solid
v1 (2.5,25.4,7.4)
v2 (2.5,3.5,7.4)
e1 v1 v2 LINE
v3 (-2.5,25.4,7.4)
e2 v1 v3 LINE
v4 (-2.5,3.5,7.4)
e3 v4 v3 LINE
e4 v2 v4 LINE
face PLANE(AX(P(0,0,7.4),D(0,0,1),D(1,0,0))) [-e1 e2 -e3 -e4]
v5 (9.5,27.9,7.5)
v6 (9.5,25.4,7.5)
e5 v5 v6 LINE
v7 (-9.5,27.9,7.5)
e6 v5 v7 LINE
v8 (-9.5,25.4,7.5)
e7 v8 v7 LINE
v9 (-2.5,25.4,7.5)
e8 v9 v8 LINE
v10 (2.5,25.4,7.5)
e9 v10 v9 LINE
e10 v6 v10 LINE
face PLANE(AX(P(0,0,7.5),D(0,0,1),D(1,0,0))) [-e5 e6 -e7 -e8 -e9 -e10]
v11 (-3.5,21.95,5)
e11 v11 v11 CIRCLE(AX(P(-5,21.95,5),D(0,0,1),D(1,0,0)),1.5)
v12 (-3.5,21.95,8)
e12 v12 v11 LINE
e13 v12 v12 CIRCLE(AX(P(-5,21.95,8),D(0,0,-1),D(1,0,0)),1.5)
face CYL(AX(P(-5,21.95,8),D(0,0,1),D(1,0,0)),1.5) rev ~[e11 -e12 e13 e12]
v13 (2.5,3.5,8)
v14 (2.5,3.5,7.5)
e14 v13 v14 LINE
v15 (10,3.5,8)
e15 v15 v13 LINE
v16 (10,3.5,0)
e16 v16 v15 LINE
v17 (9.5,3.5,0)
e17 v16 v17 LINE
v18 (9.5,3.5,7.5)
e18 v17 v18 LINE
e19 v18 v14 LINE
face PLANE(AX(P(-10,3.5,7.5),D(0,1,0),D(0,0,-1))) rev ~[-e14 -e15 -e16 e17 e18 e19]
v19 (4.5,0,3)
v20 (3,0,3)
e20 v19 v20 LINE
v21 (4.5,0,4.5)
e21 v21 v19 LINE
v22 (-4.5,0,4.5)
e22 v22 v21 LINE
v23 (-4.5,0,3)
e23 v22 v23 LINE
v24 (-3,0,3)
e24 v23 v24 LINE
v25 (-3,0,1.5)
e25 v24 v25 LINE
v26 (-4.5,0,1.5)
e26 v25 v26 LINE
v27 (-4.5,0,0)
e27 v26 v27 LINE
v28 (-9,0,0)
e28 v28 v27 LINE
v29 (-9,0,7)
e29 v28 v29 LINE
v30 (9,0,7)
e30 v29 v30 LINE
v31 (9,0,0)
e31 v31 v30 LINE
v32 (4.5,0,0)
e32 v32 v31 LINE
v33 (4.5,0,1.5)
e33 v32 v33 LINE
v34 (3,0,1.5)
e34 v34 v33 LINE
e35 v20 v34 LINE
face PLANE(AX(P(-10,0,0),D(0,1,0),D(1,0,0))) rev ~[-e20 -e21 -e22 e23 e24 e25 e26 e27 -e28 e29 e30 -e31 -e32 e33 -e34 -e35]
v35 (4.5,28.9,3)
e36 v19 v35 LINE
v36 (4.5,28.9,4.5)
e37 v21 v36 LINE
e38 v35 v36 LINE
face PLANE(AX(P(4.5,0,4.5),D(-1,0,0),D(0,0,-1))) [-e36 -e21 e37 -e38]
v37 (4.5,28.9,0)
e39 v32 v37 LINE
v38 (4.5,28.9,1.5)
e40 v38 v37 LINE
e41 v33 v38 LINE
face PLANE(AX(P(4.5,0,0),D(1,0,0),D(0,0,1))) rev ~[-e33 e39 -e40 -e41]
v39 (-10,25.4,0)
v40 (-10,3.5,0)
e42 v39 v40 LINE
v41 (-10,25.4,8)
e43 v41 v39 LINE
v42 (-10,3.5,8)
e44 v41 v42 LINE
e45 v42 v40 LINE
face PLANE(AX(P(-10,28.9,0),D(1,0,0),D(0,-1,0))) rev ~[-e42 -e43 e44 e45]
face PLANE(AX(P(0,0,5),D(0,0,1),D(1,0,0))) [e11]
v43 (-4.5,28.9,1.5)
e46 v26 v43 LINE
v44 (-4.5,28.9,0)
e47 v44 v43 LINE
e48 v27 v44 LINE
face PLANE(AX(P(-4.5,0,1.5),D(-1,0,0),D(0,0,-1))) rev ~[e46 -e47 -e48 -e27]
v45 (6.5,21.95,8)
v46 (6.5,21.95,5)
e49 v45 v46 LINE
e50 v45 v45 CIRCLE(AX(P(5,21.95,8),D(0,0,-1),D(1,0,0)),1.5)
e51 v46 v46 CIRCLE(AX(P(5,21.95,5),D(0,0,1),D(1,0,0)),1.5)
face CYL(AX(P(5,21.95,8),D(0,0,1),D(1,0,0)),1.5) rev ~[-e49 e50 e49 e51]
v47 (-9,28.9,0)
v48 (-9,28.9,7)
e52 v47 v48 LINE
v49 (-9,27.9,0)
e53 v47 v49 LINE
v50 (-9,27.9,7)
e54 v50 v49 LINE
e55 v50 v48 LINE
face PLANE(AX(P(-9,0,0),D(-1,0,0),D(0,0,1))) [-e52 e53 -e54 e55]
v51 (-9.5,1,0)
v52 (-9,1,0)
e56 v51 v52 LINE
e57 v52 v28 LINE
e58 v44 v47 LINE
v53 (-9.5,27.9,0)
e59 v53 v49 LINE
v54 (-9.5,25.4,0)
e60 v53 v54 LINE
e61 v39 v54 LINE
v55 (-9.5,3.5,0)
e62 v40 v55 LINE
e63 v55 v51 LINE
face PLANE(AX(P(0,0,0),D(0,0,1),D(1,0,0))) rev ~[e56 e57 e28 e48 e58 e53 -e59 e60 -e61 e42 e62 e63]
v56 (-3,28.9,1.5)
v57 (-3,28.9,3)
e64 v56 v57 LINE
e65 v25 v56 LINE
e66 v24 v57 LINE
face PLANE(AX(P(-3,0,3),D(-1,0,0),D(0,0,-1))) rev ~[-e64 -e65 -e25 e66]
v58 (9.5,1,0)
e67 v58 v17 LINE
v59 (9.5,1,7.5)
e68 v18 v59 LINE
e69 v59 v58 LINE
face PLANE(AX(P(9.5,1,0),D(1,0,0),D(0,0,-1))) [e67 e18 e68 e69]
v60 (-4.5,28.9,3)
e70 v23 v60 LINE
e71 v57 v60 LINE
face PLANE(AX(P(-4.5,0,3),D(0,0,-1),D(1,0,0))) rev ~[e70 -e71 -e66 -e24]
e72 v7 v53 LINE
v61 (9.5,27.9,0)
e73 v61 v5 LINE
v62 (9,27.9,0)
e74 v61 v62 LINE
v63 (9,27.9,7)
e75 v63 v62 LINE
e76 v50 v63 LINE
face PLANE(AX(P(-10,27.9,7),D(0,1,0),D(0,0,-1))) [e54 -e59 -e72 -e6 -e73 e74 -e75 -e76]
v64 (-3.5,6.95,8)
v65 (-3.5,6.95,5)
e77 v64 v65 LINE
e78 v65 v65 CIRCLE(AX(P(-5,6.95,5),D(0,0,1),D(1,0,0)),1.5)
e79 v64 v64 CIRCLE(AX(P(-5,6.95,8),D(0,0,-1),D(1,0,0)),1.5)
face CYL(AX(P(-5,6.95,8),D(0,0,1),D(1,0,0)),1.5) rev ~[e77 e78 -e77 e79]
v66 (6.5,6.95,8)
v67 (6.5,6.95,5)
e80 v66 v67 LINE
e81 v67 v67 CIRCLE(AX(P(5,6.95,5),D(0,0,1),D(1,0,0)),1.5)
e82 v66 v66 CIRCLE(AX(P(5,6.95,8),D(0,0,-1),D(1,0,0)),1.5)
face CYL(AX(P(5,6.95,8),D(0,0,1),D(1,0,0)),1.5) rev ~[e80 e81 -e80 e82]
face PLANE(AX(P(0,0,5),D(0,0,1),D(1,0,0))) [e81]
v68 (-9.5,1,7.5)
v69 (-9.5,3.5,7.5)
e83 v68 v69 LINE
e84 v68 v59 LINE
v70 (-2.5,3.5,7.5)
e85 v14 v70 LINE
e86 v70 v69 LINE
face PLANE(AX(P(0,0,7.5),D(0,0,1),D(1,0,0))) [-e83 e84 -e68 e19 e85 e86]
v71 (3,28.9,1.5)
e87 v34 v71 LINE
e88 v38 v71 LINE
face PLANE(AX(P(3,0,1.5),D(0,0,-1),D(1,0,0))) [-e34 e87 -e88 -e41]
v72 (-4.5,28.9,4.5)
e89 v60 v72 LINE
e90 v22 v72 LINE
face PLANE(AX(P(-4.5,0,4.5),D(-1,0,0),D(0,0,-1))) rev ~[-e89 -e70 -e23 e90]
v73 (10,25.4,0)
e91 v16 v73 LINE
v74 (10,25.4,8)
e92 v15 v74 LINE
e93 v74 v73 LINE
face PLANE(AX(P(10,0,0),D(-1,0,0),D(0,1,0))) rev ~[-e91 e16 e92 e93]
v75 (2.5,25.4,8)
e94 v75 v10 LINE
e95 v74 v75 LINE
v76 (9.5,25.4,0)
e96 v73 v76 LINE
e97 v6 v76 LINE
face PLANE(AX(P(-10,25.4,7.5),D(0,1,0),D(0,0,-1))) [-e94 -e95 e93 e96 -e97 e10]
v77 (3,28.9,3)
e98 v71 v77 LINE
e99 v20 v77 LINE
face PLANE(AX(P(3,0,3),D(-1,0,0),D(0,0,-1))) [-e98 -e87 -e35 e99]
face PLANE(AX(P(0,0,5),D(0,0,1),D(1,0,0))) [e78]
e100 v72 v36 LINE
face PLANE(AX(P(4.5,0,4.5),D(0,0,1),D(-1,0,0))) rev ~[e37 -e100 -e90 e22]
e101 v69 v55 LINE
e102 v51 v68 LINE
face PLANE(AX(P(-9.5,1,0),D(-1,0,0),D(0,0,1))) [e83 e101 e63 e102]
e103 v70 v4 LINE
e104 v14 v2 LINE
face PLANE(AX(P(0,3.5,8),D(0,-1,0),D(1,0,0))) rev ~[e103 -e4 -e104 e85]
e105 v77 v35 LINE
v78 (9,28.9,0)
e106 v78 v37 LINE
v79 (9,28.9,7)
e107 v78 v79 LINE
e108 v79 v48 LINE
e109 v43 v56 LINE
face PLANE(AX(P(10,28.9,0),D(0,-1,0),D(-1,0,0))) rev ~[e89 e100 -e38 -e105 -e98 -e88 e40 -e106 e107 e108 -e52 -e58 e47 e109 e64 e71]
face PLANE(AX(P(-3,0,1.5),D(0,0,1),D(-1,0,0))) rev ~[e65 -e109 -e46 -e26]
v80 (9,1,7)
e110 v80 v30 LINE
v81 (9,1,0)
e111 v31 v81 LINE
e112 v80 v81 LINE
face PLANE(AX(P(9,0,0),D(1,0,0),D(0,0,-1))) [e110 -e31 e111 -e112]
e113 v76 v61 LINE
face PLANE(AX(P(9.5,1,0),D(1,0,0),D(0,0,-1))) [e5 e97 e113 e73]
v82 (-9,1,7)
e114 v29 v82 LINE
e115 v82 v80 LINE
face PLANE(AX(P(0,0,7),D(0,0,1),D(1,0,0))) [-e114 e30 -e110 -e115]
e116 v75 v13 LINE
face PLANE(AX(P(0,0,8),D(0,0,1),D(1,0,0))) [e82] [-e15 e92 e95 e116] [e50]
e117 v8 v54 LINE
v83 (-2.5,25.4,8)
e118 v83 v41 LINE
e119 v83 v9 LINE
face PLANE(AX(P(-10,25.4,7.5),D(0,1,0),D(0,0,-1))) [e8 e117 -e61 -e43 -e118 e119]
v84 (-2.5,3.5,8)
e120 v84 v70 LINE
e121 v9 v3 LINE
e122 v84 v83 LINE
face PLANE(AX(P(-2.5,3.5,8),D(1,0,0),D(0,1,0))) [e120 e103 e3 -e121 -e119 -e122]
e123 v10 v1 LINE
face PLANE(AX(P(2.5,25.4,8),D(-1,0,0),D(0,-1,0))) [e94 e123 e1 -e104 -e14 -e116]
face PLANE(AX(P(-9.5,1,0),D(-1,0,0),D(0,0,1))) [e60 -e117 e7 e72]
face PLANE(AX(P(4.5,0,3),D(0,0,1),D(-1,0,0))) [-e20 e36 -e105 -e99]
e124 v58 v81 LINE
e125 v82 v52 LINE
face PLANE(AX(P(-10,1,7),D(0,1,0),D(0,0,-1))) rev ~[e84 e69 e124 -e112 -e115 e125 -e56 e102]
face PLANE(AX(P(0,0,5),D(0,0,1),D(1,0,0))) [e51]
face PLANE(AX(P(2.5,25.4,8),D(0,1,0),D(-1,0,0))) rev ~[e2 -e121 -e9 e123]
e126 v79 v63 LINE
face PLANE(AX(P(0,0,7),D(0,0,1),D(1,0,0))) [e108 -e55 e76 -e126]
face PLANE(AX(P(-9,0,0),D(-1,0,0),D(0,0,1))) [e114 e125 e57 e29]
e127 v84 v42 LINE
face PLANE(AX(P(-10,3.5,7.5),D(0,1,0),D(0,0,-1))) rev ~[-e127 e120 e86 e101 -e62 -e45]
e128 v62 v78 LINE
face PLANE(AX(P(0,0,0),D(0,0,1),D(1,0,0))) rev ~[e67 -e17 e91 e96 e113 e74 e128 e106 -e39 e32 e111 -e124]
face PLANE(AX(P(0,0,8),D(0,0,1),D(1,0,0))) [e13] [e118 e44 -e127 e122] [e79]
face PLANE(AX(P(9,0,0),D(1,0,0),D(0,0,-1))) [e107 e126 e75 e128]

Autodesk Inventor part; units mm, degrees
ref_plane "YZ Plane" through (0, 0, 0) normal (1, 0, 0) x (0, 1, 0)
ref_plane "XZ Plane" through (0, 0, 0) normal (0, 1, 0) x (-1, 0, 0)
ref_plane "XY Plane" through (0, 0, 0) normal (0, 0, 1) x (1, 0, 0)
sketch "Szkic1" plane through (0, 0, 0) normal (0, 0, 1) x (1, 0, 0)
  line L0 (0, 0) -> (10, 0)
  line L1 (10, 0) -> (10, 28.9)
  line L2 (10, 28.9) -> (-10, 28.9)
  line L3 (-10, 28.9) -> (-10, 0)
  line L4 (-10, 0) -> (10, 0)
  dimension "d1" = 28.9
  dimension "d2" = 20
extrude "Wyciągnięcie proste1" add sketch "Szkic1" along normal blind 8
sketch "Szkic2" plane through (-10, 0, 0) normal (0, -1, 0) x (1, 0, 0)
  line L0 (0, 0) -> (20, 0)
  line L1 (20, 0) -> (20, 8)
  line L2 (0, 8) -> (20, 8)
  line L3 (0, 0) -> (0, 8)
  line L4 (14.5, 4.5) -> (5.5, 4.5)
  line L5 (14.5, 4.5) -> (14.5, 3)
  line L6 (14.5, 3) -> (13, 3)
  line L7 (13, 3) -> (13, 1.5)
  line L8 (13, 1.5) -> (14.5, 1.5)
  line L9 (5.5, 4.5) -> (5.5, 3)
  line L10 (5.5, 3) -> (7, 3)
  line L11 (7, 3) -> (7, 1.5)
  line L12 (7, 1.5) -> (5.5, 1.5)
  line L13 (5.5, 4.5) -> (5.5, 3)
  line L14 (5.5, 1.5) -> (5.5, 0)
  line L15 (14.5, 0) -> (14.5, 1.5)
  line L16 (14.5, 3) -> (14.5, 4.5)
extrude "Wyciągnięcie proste2" cut sketch "Szkic2" against normal up to next contours L14 L12 L11 L10 L9 L4 L5 L6 L7 L8 L15 L0
sketch "Szkic3" plane through (0, 0, 8) normal (0, 0, 1) x (1, 0, 0)
  line L0 (10, 0) -> (10, 28.9)
  line L1 (10, 28.9) -> (-10, 28.9)
  line L2 (-10, 28.9) -> (-10, 0)
  line L3 (-10, 0) -> (10, 0)
  line L4 (10, 28.9) -> (-10, 0)
  line L5 (10, 28.9) -> (-10, 28.9)
  line L6 (10, 0) -> (-10, 28.9)
  line L7 (-10, 28.9) -> (0, 14.45)
  line L8 (0, 14.45) -> (0, 6.95)
  line L9 (0, 6.95) -> (5, 6.95)
  line L10 (5, 6.95) -> (5, 21.95)
  line L11 (3, 0) -> (3, 28.9)
  line L12 (5, 21.95) -> (-5, 21.95)
  line L13 (-5, 21.95) -> (-5, 6.95)
  line L14 (-5, 6.95) -> (0, 6.95)
  line L15 (-3, 0) -> (-3, 28.9)
  circle A0 centre (5, 21.95) radius 1.5
  circle A1 centre (5, 6.95) radius 1.5
  circle A2 centre (-5, 21.95) radius 1.5
  circle A3 centre (-5, 6.95) radius 1.5
  point P0 (0, 0)
  dimension "d23" = 10
  dimension "d24" = 15
  dimension "d25" = 3
  dimension "d26" = 3
  dimension "d27" = 3
  dimension "d28" = 3
extrude "Wyciągnięcie proste3" cut sketch "Szkic3" against normal blind 3 contours A1 L9 L10 L6 | L6 L10 A1 | A0 L10 L4 | L4 L10 L12 A0 | L10 L9 A1 L6 | L6 A1 L10 | L10 A0 L4 | L4 A0 L12 L10 | A3 L13 L4 | L4 L13 L14 A3 | L14 L13 L4 A3 | A2 L12 L13 L6 | L6 L13 A2 | A2 L6 L13 L12 | L13 A3 L4 | L6 A2 L13
thread "Gwint1" size "M3x0.5" class "6H" standard "ANSI Metric M Profile" full length
thread "Gwint2" size "M3x0.5" class "6H" standard "ANSI Metric M Profile" full length
thread "Gwint3" size "M3x0.5" class "6H" standard "ANSI Metric M Profile" full length
thread "Gwint4" size "M3x0.5" class "6H" standard "ANSI Metric M Profile" full length
sketch "Szkic4" plane through (0, 0, 8) normal (0, 0, 1) x (1, 0, 0)
  circle A0 centre (-5, 6.95) radius 1.5
  circle A1 centre (5, 6.95) radius 1.5
  circle A2 centre (5, 21.95) radius 1.5
  circle A3 centre (-5, 21.95) radius 1.5
  line L0 (10, 28.9) -> (-10, 28.9)
  line L1 (-10, 0) -> (10, 0)
  line L2 (-10, 0) -> (-10, 1)
  line L3 (-10, 1) -> (10, 1)
  line L4 (-10, 28.9) -> (-10, 27.9)
  line L5 (-10, 27.9) -> (10, 27.9)
  line L6 (-10, 28.9) -> (-10, 27.9)
  line L7 (-10, 1) -> (-10, 0)
  line L8 (10, 0) -> (10, 1)
  line L9 (10, 27.9) -> (10, 28.9)
  line L10 (10, 0) -> (10, 1)
  line L11 (10, 27.9) -> (10, 28.9)
  line L12 (-10, 28.9) -> (-10, 27.9)
  line L13 (-10, 1) -> (-10, 0)
  point P0 (0, 0)
  dimension "d39" = 1
  dimension "d40" = 1
extrude "Wyciągnięcie proste4" cut sketch "Szkic4" against normal blind 1 contours L9 L5 L4 L0 | L2 L3 L8 L1
sketch "Szkic5" plane through (10, 0, 0) normal (1, 0, 0) x (0, 0, -1)
  line L0 (-7, 1) -> (-7, 0) projected
  line L1 (0, 0) -> (-7, 0) projected
  line L2 (0, 0) -> (0, 28.9) projected
  line L3 (-7, 28.9) -> (-7, 27.9) projected
  line L4 (0, 28.9) -> (-7, 28.9) projected
  line L5 (-7, 1) -> (0, 1)
  line L6 (-7, 27.9) -> (0, 27.9)
extrude "Wyciągnięcie proste5" cut sketch "Szkic5" against normal blind 1
sketch "Szkic6" plane through (-10, 0, 0) normal (-1, 0, 0) x (0, 0, 1)
  line L0 (7, 27.9) -> (7, 28.9) projected
  line L1 (0, 28.9) -> (7, 28.9) projected
  line L2 (0, 28.9) -> (0, 0) projected
  line L3 (0, 0) -> (7, 0) projected
  line L4 (7, 0) -> (7, 1) projected
  line L5 (8, 27.9) -> (7, 27.9) projected
  line L6 (7, 27.9) -> (0, 27.9)
  line L7 (7, 1) -> (0, 1)
extrude "Wyciągnięcie proste6" cut sketch "Szkic6" against normal blind 1
sketch "Szkic7" plane through (0, 0, 8) normal (0, 0, 1) x (1, 0, 0)
  circle A0 centre (-5, 21.95) radius 1.5
  circle A1 centre (5, 21.95) radius 1.5
  circle A2 centre (5, 6.95) radius 1.5
  circle A3 centre (-5, 6.95) radius 1.5
  line L0 (-10, 1) -> (10, 1)
  line L1 (10, 27.9) -> (-10, 27.9)
  line L2 (10, 27.9) -> (10, 25.4)
  line L3 (10, 25.4) -> (-10, 25.4)
  line L4 (10, 1) -> (9, 1)
  line L5 (10, 1) -> (10, 3.5)
  line L6 (10, 3.5) -> (-10, 3.5)
  line L7 (10, 1) -> (10, 3.5)
  line L8 (10, 25.4) -> (10, 27.9)
  line L9 (10, 1) -> (10, 3.5)
  line L10 (10, 25.4) -> (10, 27.9)
  line L11 (-10, 27.9) -> (-10, 25.4)
  line L12 (-10, 3.5) -> (-10, 1)
  line L13 (-10, 27.9) -> (-10, 25.4)
  line L14 (-10, 3.5) -> (-10, 1)
  point P0 (0, 0)
  dimension "d47" = 2.5
  dimension "d48" = 2.5
extrude "Wyciągnięcie proste7" cut sketch "Szkic7" against normal blind 0.5 contours L12 L6 L5 L0 | L2 L3 L11 L1
sketch "Szkic8" plane through (-10, 1, 0) normal (-1, 0, 0) x (0, 0, 1)
  line L0 (7.5, 24.4) -> (7.5, 26.9) projected
  line L1 (7.5, 26.9) -> (0, 26.9) projected
  line L2 (7.5, 0) -> (7.5, 2.5) projected
  line L3 (0, 0) -> (7.5, 0) projected
  line L4 (0, 26.9) -> (0, 0) projected
  line L5 (7.5, 24.4) -> (0, 24.4)
  line L6 (7.5, 2.5) -> (7.5, 0) projected
  line L7 (7.5, 2.5) -> (0, 2.5)
  point P0 (0, -1)
extrude "Wyciągnięcie proste8" cut sketch "Szkic8" against normal blind 0.5
sketch "Szkic9" plane through (10, 1, 0) normal (1, 0, 0) x (0, 0, -1)
  line L0 (-7.5, 2.5) -> (-7.5, 0) projected
  line L1 (-7.5, 0) -> (0, 0) projected
  line L2 (-7.5, 26.9) -> (-7.5, 24.4) projected
  line L3 (0, 26.9) -> (-7.5, 26.9) projected
  line L4 (0, 0) -> (0, 26.9) projected
  line L5 (0, 2.5) -> (-8, 2.5) projected
  line L6 (-7.5, 2.5) -> (0, 2.5)
  line L7 (-8, 24.4) -> (0, 24.4) projected
  line L8 (-7.5, 24.4) -> (0, 24.4)
  point P0 (0, -1)
extrude "Wyciągnięcie proste9" cut sketch "Szkic9" against normal blind 0.5
sketch "Szkic10" plane through (0, 0, 8) normal (0, 0, 1) x (1, 0, 0)
  line L0 (-10, 3.5) -> (10, 3.5) projected
  line L1 (10, 3.5) -> (10, 25.4) projected
  line L2 (10, 25.4) -> (-10, 25.4) projected
  line L3 (-10, 25.4) -> (-10, 3.5) projected
  circle A0 centre (-5, 21.95) radius 1.5 projected
  circle A1 centre (5, 21.95) radius 1.5 projected
  circle A2 centre (5, 6.95) radius 1.5 projected
  circle A3 centre (-5, 6.95) radius 1.5 projected
  line L4 (0, 3.5) -> (-2.5, 3.5)
  line L5 (-9.5, 3.5) -> (9.5, 3.5) projected
  line L6 (-2.5, 3.5) -> (-2.5, 25.4)
  line L7 (10, 25.4) -> (-10, 25.4) projected
  line L8 (-2.5, 25.4) -> (2.5, 25.4)
  line L9 (2.5, 25.4) -> (2.5, 3.5)
  line L10 (0, 3.5) -> (2.5, 3.5)
  point P0 (0, 0)
  dimension "d55" = 2.5
  dimension "d56" = 5
extrude "Wyciągnięcie proste10" cut sketch "Szkic10" against normal blind 0.6 contours L6 L2 L9 L0
properties part number "Wózel MGN9C"
